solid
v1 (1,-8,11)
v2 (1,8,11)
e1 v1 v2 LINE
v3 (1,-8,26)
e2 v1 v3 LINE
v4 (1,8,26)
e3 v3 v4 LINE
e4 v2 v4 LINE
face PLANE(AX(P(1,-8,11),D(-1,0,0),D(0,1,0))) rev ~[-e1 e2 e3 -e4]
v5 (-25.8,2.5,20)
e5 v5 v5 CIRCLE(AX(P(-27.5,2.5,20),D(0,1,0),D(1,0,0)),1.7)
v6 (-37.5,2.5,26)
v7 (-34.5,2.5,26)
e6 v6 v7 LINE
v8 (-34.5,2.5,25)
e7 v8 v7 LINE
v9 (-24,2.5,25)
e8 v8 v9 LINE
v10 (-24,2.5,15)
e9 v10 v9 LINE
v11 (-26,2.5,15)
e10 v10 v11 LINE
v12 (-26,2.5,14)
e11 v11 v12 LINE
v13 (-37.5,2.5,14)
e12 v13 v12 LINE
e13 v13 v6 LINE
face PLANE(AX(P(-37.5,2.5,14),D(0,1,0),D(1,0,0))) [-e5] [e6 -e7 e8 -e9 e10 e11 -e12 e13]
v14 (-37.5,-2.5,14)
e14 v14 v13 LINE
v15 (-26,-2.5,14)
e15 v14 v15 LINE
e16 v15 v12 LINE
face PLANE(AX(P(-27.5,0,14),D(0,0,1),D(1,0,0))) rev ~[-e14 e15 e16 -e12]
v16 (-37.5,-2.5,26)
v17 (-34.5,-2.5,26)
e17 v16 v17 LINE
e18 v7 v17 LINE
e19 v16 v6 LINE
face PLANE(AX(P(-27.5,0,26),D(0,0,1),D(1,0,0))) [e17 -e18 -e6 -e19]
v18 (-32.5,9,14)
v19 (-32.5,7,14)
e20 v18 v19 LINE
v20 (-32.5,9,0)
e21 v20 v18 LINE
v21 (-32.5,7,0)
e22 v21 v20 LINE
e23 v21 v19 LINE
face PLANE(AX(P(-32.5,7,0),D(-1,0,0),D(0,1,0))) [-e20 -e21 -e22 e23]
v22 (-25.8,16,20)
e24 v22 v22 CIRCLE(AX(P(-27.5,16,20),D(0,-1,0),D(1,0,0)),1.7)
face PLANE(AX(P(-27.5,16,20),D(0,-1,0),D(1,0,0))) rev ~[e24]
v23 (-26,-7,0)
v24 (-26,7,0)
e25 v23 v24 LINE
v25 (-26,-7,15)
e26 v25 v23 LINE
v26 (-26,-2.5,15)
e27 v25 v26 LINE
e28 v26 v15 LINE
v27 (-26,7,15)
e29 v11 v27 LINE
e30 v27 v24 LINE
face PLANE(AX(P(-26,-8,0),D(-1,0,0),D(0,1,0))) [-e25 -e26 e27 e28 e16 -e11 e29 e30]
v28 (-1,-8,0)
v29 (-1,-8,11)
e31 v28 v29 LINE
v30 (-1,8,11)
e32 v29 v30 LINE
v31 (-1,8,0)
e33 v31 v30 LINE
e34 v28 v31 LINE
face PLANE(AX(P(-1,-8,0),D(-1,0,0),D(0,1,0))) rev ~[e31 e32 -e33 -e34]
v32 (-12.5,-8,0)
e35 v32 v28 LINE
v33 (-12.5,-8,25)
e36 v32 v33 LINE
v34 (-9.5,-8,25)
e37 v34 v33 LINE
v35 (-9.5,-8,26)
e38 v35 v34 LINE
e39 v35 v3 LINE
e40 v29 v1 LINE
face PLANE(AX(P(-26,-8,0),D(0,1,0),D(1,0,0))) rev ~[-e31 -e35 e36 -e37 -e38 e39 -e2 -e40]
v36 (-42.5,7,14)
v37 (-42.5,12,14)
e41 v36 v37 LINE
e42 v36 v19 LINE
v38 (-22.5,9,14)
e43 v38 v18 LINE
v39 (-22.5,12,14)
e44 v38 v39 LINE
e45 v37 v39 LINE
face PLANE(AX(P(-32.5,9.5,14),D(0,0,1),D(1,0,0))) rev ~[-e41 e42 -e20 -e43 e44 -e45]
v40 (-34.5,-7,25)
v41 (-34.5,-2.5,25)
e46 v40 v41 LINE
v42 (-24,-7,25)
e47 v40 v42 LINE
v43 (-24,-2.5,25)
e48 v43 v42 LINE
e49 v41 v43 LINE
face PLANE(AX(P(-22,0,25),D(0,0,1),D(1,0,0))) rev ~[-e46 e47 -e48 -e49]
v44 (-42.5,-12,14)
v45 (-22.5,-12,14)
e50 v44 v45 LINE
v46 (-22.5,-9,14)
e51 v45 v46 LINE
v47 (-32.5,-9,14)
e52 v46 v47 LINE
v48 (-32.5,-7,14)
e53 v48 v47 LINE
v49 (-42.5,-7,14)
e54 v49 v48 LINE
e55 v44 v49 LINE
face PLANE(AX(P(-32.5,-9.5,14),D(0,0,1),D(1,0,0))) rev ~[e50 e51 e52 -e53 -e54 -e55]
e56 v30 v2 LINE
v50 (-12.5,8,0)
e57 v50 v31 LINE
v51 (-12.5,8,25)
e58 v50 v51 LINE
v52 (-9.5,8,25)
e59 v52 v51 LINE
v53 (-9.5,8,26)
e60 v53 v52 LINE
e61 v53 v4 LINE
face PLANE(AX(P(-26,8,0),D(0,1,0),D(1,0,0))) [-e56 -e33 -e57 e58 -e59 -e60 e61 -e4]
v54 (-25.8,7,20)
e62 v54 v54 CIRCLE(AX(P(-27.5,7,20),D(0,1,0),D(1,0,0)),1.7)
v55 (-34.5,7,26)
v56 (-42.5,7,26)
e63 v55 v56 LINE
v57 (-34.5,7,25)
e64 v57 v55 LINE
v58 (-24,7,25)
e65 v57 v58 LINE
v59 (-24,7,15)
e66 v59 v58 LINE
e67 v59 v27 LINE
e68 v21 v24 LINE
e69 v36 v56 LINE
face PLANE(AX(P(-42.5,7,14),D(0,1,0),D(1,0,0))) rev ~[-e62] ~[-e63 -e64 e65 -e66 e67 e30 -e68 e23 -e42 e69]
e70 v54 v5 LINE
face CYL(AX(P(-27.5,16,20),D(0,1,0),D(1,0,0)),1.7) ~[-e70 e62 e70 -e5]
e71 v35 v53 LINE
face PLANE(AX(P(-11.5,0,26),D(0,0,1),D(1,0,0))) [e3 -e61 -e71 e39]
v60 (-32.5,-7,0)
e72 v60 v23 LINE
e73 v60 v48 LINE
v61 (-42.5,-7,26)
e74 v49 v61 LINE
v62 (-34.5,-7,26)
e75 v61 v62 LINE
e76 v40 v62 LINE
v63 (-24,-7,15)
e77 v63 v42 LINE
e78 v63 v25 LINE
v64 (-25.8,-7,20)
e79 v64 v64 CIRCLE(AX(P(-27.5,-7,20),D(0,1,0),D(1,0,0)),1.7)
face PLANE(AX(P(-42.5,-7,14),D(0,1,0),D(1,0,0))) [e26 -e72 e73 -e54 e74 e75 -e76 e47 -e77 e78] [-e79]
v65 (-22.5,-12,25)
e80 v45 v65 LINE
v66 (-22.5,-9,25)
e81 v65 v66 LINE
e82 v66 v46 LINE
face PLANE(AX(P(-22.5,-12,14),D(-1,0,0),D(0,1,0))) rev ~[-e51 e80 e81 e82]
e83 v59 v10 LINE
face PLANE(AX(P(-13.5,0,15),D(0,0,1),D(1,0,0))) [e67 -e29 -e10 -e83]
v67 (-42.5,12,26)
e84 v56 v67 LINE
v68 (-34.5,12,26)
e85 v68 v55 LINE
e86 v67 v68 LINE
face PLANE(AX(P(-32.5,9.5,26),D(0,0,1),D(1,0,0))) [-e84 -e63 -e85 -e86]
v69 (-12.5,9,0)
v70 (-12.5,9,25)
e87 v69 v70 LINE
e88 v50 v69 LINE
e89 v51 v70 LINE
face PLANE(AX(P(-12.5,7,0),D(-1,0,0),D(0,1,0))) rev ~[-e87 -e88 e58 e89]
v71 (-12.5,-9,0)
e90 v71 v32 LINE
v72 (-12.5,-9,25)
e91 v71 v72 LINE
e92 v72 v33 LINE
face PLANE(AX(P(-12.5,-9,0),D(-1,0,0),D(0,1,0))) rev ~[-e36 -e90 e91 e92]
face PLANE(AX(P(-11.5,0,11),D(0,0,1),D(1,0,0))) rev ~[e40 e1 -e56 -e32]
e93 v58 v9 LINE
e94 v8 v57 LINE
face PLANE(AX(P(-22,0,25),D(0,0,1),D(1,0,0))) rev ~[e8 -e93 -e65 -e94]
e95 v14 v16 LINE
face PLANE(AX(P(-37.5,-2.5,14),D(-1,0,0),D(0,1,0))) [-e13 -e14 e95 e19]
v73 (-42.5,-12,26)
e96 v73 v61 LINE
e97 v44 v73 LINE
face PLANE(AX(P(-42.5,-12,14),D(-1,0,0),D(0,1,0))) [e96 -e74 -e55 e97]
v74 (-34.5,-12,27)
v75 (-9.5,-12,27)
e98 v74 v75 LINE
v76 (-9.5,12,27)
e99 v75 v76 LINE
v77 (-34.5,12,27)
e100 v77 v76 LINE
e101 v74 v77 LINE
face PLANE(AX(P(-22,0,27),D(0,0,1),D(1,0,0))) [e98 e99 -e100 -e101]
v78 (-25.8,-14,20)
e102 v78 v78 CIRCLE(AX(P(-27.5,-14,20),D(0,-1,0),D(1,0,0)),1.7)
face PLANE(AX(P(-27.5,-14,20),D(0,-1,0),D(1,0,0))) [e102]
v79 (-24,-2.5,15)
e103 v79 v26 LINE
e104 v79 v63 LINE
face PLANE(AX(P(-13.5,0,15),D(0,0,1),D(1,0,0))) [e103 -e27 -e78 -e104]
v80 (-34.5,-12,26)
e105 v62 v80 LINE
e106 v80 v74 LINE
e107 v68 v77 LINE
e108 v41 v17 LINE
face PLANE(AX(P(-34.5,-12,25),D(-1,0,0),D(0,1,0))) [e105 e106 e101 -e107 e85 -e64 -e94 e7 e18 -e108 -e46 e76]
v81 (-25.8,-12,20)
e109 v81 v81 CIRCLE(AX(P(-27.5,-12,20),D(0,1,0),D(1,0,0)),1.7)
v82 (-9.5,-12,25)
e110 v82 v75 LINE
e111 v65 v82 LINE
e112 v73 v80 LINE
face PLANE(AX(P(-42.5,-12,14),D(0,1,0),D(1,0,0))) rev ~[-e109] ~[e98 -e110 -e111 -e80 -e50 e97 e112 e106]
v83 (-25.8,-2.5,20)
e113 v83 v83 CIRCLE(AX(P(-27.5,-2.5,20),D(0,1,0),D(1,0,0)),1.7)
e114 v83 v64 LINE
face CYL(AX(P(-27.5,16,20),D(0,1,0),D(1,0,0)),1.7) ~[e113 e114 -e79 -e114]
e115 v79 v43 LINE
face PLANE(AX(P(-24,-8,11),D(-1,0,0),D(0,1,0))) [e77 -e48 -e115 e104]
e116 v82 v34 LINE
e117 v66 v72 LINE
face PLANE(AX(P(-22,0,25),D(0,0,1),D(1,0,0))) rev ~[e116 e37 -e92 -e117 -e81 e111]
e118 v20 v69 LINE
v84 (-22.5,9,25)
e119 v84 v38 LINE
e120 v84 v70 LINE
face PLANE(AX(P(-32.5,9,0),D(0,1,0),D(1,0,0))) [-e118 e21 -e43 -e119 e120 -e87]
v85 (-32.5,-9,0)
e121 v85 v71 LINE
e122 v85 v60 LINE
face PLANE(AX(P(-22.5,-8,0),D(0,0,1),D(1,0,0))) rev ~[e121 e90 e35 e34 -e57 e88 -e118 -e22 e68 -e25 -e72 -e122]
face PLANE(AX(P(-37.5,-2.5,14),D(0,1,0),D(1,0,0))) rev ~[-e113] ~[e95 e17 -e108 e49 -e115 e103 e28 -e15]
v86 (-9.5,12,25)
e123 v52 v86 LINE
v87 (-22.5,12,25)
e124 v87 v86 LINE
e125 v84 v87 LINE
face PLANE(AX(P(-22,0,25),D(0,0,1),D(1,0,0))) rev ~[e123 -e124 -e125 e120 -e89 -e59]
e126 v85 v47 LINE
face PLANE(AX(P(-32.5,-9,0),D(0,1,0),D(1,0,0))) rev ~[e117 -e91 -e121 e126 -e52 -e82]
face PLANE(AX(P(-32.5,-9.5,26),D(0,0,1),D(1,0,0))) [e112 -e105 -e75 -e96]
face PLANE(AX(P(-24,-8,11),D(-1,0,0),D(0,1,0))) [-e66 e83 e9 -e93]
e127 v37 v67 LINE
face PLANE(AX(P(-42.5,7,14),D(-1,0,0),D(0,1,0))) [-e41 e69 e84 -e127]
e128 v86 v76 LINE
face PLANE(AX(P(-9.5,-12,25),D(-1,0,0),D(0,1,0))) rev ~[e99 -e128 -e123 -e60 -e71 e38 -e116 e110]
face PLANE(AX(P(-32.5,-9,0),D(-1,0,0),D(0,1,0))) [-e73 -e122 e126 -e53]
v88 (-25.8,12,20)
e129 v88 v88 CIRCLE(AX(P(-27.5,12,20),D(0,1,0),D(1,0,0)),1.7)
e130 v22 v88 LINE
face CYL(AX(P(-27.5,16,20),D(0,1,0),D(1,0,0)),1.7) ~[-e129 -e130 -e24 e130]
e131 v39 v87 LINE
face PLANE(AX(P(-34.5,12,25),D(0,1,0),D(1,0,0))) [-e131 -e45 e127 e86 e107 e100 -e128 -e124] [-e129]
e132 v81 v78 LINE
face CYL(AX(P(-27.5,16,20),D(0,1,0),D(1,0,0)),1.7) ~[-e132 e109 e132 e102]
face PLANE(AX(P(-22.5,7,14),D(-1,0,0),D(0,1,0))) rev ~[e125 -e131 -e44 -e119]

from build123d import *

# Parameters (mm, degrees)
BOX050_W               = 25
BOX050_H               = 16
BOX050_DEPTH           = 15
BOX048_W               = 25
BOX048_H               = 24
BOX048_DEPTH           = 2
BOX043_W               = 20
BOX043_H               = 5
BOX043_DEPTH           = 12
CYLINDER020_R          = 1.7
CYLINDER020_DEPTH      = 30
CYLINDER020_ROLL_ANGLE = 90
BOX047_W               = 20
BOX047_H               = 2
BOX047_DEPTH           = 26
BOX046_W               = 20
BOX046_H               = 2
BOX046_DEPTH           = 26
BOX045_W               = 20
BOX045_H               = 5
BOX045_DEPTH           = 12
BOX044_W               = 20
BOX044_H               = 5
BOX044_DEPTH           = 12
BOX049_W               = 25
BOX049_H               = 16
BOX049_DEPTH           = 15


with BuildPart() as cube025:
    # Box050 → Box050 (new body)
    with BuildSketch(Plane(origin=(-24, -8, 11), x_dir=(1, 0, 0), z_dir=(0, 0, 1))):
        with Locations((12.5, 8)):
            Rectangle(BOX050_W, BOX050_H)
    extrude(amount=BOX050_DEPTH)


with BuildPart() as cube023:
    # Box048 → Box048 (new body)
    with BuildSketch(Plane(origin=(-34.5, -12, 25), x_dir=(1, 0, 0), z_dir=(0, 0, 1))):
        with Locations((12.5, 12)):
            Rectangle(BOX048_W, BOX048_H)
    extrude(amount=BOX048_DEPTH)


with BuildPart() as cube018:
    # Box043 → Box043 (new body)
    with BuildSketch(Plane(origin=(-37.5, -2.5, 14), x_dir=(1, 0, 0), z_dir=(0, 0, 1))):
        with Locations((10, 2.5)):
            Rectangle(BOX043_W, BOX043_H)
    extrude(amount=BOX043_DEPTH)


with BuildPart() as fusion009:
    # Cylinder020 → Cylinder020 (new body)
    with BuildSketch(Plane.XY):
        Circle(CYLINDER020_R)
    extrude(amount=CYLINDER020_DEPTH)


with BuildPart() as fusion009_1:
    # Cylinder020 roll: moved
    add(fusion009.part.rotate(Axis((0, 0, 0), (1, 0, 0)), CYLINDER020_ROLL_ANGLE))


with BuildPart() as fusion009_2:
    # Cylinder020 placement: moved
    add(fusion009_1.part.moved(Location((-27.5, 16, 20))))

    # Fusion009: union Cube018
    add(cube018.part)


with BuildPart() as fusion010:
    # Box047 → Box047 (new body)
    with BuildSketch(Plane(origin=(-32.5, 7, 0), x_dir=(1, 0, 0), z_dir=(0, 0, 1))):
        with Locations((10, 1)):
            Rectangle(BOX047_W, BOX047_H)
    extrude(amount=BOX047_DEPTH)

    # Fusion010: union Fusion009
    add(fusion009_2.part)


with BuildPart() as fusion011:
    # Box046 → Box046 (new body)
    with BuildSketch(Plane(origin=(-32.5, -9, 0), x_dir=(1, 0, 0), z_dir=(0, 0, 1))):
        with Locations((10, 1)):
            Rectangle(BOX046_W, BOX046_H)
    extrude(amount=BOX046_DEPTH)

    # Fusion011: union Fusion010
    add(fusion010.part)


with BuildPart() as fusion012:
    # Box045 → Box045 (new body)
    with BuildSketch(Plane(origin=(-42.5, 7, 14), x_dir=(1, 0, 0), z_dir=(0, 0, 1))):
        with Locations((10, 2.5)):
            Rectangle(BOX045_W, BOX045_H)
    extrude(amount=BOX045_DEPTH)

    # Fusion012: union Fusion011
    add(fusion011.part)


with BuildPart() as fusion014:
    # Box044 → Box044 (new body)
    with BuildSketch(Plane(origin=(-42.5, -12, 14), x_dir=(1, 0, 0), z_dir=(0, 0, 1))):
        with Locations((10, 2.5)):
            Rectangle(BOX044_W, BOX044_H)
    extrude(amount=BOX044_DEPTH)

    # Fusion013: union Fusion012
    add(fusion012.part)

    # Fusion014: union Cube023
    add(cube023.part)


with BuildPart() as fusion016:
    # Box049 → Box049 (new body)
    with BuildSketch(Plane(origin=(-26, -8, 0), x_dir=(1, 0, 0), z_dir=(0, 0, 1))):
        with Locations((12.5, 8)):
            Rectangle(BOX049_W, BOX049_H)
    extrude(amount=BOX049_DEPTH)

    # Fusion015: union Fusion014
    add(fusion014.part)

    # Fusion016: union Cube025
    add(cube025.part)


solid = fusion016.part
